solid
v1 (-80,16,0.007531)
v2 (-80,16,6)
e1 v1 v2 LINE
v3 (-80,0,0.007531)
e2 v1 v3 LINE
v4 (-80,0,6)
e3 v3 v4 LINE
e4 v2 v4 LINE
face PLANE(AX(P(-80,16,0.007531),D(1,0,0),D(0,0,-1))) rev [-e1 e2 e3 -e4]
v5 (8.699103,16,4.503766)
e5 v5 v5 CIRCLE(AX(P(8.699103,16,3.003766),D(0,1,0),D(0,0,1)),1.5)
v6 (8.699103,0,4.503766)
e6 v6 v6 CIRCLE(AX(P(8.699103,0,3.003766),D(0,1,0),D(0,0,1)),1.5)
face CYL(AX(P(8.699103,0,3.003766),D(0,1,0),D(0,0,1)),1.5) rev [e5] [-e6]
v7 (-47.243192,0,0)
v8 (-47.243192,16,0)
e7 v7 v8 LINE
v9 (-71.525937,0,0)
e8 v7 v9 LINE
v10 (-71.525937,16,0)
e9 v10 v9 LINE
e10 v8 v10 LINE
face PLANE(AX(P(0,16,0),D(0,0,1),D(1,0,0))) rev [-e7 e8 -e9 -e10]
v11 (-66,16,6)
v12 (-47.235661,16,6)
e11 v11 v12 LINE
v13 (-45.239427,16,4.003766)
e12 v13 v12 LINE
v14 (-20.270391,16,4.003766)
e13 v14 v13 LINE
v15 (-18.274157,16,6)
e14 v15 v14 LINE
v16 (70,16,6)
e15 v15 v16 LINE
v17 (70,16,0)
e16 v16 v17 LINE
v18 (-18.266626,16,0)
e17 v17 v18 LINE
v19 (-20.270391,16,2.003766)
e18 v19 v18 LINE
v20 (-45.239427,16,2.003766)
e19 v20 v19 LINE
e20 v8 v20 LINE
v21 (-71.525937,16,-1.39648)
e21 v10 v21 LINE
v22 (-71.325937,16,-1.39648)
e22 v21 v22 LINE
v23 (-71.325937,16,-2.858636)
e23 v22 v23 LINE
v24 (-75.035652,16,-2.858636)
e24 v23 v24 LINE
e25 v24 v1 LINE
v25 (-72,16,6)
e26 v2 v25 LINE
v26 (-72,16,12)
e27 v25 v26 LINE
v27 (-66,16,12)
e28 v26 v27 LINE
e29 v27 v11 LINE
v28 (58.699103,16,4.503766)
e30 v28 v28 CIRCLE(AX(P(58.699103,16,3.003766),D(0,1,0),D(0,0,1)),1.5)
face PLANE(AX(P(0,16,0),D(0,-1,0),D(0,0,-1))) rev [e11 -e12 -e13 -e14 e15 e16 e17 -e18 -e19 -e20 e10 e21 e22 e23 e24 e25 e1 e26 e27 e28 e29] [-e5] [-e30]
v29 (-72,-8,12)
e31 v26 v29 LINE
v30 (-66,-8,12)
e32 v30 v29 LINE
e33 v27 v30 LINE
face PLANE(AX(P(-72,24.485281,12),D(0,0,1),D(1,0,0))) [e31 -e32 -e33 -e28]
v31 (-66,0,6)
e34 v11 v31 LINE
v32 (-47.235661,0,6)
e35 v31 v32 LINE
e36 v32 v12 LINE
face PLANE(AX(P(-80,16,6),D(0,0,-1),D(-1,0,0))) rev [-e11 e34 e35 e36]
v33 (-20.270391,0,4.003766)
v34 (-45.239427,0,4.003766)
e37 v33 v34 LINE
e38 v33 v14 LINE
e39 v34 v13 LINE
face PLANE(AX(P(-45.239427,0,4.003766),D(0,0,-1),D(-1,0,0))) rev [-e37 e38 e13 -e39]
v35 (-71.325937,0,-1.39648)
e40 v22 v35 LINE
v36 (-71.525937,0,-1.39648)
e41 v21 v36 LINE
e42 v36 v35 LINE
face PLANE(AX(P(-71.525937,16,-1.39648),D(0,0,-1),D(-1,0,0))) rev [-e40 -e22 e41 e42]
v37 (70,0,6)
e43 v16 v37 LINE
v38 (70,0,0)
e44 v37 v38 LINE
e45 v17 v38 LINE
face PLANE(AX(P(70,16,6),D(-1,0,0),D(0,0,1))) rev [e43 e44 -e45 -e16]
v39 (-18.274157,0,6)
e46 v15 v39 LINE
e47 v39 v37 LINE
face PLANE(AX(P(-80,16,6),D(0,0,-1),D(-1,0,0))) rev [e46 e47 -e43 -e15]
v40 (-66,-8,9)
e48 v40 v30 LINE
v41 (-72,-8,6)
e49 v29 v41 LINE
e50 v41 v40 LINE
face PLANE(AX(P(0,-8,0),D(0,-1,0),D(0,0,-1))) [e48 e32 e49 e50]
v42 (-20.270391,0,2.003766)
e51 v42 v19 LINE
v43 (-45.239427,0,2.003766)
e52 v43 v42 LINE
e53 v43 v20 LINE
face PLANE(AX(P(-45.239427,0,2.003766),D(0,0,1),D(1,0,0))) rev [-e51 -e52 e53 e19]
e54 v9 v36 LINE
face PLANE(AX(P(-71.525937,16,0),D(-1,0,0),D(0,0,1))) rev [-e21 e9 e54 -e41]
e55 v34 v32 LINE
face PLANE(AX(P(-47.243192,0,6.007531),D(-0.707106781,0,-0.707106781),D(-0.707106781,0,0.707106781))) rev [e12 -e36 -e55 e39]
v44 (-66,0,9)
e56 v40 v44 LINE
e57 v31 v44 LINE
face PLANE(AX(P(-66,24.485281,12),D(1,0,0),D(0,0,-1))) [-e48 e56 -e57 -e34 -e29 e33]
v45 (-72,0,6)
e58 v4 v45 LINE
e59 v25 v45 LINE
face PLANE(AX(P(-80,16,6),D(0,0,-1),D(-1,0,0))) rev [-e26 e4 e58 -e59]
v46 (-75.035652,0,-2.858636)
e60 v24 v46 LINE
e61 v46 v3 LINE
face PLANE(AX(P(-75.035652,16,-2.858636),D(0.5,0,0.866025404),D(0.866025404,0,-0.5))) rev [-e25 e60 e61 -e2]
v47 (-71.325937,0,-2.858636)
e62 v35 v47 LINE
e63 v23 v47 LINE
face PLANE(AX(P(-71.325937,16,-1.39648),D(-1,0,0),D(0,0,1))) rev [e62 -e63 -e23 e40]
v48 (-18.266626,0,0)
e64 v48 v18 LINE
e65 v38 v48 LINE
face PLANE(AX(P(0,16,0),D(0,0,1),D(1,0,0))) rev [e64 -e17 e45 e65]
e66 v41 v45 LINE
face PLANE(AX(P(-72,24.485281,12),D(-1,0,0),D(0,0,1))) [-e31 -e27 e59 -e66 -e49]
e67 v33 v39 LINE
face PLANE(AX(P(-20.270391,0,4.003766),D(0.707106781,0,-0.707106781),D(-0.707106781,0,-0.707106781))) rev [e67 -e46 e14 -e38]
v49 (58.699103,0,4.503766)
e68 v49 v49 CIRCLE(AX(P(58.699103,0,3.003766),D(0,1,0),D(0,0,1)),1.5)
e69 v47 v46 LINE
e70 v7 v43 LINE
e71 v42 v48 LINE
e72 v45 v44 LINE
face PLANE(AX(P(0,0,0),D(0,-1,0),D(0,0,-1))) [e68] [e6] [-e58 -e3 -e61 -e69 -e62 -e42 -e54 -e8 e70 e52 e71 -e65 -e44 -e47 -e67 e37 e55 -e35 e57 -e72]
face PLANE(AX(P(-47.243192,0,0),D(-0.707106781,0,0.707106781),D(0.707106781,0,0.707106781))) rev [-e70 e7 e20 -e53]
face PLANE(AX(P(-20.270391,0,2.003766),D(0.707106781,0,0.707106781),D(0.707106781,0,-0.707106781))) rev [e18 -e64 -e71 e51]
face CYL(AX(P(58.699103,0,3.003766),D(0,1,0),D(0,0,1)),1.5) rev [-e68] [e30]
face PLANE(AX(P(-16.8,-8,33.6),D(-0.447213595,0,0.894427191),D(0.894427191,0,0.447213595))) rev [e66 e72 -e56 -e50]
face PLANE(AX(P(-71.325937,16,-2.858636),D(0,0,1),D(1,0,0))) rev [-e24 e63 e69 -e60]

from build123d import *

# Parameters (mm, degrees)
EXTRUDE_1_DEPTH     = 16
SKETCH_3_R          = 1.5
CUT_EXTRUDE_1_DEPTH = 82.804645345
SKETCH_4_W          = 6
SKETCH_4_H          = 6
EXTRUDE_2_DEPTH     = 16
EXTRUDE_START       = -16
EXTRUDE_4_DEPTH     = 8


with BuildPart() as part:
    # Эскиз1 → Бобышка-Вытянуть1 (new body)
    with BuildSketch(Plane(origin=(0, 0, 0), x_dir=(1, 0, 0), z_dir=(0, 1, 0))):
        Polygon((0, 0), (-71.525936721, 0), (-71.525936721, 1.396480231), (-71.325936721, 1.396480231), (-71.325936721, 2.8586364), (-75.035652424, 2.8586364), (-80, -0.007531009), (-80, -6), (70, -6), (70, 0), align=None)
    extrude(amount=EXTRUDE_1_DEPTH)

    # Эскиз3 → Вырез-Вытянуть1 (cut, through all)
    with BuildSketch(Plane(origin=(0, 16, 0), x_dir=(1, 0, 0), z_dir=(0, 1, 0))):
        with Locations(Location((8.699103215, -3.003765504, 0), (0, 0, 270))):
            Circle(SKETCH_3_R)
        with Locations(Location((58.699103215, -3.003765504, 0), (0, 0, 270))):
            Circle(SKETCH_3_R)
        Polygon((-47.243192472, 0), (-45.239426968, -2.003765504), (-20.270391363, -2.003765504), (-18.266625858, 0), align=None)
        Polygon((-47.243192472, -6.007531009), (-18.266625858, -6.007531009), (-20.270391363, -4.003765504), (-45.239426968, -4.003765504), align=None)
    extrude(amount=-CUT_EXTRUDE_1_DEPTH, mode=Mode.SUBTRACT)

    # Эскиз4 → Бобышка-Вытянуть2 (add)
    with BuildSketch(Plane.XZ):
        with Locations((-69, 9)):
            Rectangle(SKETCH_4_W, SKETCH_4_H)
    extrude(amount=-EXTRUDE_2_DEPTH)

    # Эскиз5<2> → Бобышка-Вытянуть4 (add)
    with BuildSketch(Plane(origin=(0, 16, 0), x_dir=(1, 0, 0), z_dir=(0, 1, 0)).offset(EXTRUDE_START)):
        Polygon((-72, -12), (-72, -6), (-66, -9), (-66, -12), align=None)
    extrude(amount=-EXTRUDE_4_DEPTH)


solid = part.part
